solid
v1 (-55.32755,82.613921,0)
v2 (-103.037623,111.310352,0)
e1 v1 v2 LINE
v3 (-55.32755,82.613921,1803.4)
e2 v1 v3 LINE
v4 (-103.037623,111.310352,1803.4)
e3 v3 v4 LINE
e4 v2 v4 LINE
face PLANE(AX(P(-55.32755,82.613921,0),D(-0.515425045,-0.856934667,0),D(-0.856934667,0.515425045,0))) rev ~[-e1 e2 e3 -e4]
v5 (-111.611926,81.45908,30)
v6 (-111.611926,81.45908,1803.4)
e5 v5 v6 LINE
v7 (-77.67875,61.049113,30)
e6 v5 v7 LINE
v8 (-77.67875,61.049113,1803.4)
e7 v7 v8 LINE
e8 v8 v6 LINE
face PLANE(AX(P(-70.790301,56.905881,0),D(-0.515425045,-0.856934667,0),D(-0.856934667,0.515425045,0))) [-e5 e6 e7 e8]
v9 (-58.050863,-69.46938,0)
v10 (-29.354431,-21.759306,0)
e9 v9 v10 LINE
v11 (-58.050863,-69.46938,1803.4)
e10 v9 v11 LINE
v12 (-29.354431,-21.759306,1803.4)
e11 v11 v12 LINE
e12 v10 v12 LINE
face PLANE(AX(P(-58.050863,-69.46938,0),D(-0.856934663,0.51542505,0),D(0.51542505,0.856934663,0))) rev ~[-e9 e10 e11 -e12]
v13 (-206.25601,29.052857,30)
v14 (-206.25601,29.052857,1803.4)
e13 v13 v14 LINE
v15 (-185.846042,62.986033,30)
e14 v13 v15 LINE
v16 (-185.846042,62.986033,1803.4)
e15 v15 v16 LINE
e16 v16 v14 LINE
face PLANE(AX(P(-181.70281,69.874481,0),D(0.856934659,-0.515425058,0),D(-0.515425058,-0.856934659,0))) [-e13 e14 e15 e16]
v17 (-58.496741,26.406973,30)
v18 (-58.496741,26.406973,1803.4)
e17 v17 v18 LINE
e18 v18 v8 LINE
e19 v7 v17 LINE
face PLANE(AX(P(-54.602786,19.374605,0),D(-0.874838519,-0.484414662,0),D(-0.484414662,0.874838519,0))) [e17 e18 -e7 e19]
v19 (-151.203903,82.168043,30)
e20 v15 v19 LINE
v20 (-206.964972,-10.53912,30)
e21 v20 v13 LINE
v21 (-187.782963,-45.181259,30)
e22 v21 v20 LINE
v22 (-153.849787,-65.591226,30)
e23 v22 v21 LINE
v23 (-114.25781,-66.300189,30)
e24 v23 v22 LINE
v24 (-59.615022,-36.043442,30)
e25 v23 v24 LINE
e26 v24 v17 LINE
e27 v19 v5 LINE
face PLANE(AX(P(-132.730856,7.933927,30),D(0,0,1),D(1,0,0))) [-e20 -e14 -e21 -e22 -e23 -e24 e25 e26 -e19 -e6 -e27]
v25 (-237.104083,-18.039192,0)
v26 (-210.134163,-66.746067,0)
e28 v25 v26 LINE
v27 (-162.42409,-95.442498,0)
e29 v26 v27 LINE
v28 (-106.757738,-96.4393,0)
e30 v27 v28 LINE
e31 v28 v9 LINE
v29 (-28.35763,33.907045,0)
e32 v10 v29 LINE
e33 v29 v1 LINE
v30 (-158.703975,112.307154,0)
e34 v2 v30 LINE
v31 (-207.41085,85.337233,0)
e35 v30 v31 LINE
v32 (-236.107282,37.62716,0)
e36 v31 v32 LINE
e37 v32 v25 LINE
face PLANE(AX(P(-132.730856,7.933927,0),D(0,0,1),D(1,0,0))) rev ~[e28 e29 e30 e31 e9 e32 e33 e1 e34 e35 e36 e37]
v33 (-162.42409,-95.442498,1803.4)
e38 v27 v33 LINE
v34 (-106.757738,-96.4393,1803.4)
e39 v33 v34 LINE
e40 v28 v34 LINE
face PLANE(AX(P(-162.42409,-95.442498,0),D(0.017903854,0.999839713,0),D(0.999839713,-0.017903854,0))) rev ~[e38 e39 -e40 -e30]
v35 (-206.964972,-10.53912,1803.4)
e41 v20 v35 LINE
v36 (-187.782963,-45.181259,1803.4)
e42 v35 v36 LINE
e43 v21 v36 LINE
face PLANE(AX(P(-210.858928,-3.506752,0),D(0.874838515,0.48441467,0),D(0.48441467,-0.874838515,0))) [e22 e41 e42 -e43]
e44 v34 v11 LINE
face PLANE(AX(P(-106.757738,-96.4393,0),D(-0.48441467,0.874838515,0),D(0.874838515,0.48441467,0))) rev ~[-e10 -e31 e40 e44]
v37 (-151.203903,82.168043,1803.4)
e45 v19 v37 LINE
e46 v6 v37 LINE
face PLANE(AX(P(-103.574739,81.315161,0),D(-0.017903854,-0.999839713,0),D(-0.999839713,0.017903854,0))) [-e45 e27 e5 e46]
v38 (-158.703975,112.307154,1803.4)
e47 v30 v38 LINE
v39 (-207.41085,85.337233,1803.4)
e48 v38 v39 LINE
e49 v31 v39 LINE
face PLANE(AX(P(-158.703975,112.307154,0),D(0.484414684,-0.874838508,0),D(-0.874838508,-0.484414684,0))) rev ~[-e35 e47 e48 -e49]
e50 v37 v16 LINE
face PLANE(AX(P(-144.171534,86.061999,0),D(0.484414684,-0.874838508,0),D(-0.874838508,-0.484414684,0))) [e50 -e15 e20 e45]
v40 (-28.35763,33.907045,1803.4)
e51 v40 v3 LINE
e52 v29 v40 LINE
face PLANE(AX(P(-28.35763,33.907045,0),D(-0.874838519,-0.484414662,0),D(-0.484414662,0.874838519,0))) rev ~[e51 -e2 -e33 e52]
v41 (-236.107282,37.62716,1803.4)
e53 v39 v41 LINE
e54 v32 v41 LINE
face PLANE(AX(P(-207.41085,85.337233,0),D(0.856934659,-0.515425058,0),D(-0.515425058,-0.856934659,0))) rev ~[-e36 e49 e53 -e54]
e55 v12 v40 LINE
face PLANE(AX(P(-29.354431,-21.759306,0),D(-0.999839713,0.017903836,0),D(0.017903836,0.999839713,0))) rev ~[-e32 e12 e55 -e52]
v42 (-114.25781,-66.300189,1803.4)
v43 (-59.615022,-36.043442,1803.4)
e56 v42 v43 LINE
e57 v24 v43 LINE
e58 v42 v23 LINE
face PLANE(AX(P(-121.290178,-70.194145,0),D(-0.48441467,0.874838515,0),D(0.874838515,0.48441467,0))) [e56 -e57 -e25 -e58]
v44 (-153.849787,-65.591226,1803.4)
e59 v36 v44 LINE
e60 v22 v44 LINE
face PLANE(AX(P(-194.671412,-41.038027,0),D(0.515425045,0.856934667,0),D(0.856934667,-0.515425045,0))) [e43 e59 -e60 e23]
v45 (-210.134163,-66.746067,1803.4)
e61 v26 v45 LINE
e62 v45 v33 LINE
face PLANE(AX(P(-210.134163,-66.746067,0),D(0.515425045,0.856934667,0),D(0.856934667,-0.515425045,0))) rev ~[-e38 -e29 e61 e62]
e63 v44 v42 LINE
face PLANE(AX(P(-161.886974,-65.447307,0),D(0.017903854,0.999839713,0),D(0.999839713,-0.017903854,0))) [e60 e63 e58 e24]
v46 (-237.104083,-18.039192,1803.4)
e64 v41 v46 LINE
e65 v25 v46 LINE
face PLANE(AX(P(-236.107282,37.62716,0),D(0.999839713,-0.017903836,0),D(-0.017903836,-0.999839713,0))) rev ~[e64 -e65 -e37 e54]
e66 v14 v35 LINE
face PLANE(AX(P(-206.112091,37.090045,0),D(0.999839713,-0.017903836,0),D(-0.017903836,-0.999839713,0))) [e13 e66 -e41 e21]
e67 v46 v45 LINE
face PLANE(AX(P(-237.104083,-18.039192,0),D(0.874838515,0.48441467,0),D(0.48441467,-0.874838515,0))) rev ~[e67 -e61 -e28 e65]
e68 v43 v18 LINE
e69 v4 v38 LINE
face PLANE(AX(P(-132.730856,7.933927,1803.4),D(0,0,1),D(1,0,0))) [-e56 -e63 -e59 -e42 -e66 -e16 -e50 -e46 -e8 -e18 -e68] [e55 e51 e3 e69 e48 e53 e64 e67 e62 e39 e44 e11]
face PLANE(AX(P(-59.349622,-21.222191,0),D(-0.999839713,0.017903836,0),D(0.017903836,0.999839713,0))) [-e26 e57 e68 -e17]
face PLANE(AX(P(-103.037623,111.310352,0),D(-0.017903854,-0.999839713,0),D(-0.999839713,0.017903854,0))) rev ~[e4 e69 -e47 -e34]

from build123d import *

# Parameters (mm, degrees)
F1_DEPTH = 1803.4
F2_T     = -30


with BuildPart() as f1:
    # F0 (on Top) → F1 (new body)
    with BuildSketch(Plane.XY):
        Polygon((-58.050863, -69.46938), (-29.354431, -21.759306), (-28.35763, 33.907045), (-55.32755, 82.613921), (-103.037623, 111.310352), (-158.703975, 112.307154), (-207.41085, 85.337233), (-236.107282, 37.62716), (-237.104083, -18.039192), (-210.134163, -66.746067), (-162.42409, -95.442498), (-106.757738, -96.4393), align=None)
    extrude(amount=F1_DEPTH)

    # F2
    f2_openings = [f1.faces().sort_by_distance(p)[0] for p in [
        (-43.702647, -45.614343, 901.7),
        (-132.730857, 7.933927, 1803.4),
    ]]
    offset(amount=F2_T, openings=f2_openings)


solid = f1.part
